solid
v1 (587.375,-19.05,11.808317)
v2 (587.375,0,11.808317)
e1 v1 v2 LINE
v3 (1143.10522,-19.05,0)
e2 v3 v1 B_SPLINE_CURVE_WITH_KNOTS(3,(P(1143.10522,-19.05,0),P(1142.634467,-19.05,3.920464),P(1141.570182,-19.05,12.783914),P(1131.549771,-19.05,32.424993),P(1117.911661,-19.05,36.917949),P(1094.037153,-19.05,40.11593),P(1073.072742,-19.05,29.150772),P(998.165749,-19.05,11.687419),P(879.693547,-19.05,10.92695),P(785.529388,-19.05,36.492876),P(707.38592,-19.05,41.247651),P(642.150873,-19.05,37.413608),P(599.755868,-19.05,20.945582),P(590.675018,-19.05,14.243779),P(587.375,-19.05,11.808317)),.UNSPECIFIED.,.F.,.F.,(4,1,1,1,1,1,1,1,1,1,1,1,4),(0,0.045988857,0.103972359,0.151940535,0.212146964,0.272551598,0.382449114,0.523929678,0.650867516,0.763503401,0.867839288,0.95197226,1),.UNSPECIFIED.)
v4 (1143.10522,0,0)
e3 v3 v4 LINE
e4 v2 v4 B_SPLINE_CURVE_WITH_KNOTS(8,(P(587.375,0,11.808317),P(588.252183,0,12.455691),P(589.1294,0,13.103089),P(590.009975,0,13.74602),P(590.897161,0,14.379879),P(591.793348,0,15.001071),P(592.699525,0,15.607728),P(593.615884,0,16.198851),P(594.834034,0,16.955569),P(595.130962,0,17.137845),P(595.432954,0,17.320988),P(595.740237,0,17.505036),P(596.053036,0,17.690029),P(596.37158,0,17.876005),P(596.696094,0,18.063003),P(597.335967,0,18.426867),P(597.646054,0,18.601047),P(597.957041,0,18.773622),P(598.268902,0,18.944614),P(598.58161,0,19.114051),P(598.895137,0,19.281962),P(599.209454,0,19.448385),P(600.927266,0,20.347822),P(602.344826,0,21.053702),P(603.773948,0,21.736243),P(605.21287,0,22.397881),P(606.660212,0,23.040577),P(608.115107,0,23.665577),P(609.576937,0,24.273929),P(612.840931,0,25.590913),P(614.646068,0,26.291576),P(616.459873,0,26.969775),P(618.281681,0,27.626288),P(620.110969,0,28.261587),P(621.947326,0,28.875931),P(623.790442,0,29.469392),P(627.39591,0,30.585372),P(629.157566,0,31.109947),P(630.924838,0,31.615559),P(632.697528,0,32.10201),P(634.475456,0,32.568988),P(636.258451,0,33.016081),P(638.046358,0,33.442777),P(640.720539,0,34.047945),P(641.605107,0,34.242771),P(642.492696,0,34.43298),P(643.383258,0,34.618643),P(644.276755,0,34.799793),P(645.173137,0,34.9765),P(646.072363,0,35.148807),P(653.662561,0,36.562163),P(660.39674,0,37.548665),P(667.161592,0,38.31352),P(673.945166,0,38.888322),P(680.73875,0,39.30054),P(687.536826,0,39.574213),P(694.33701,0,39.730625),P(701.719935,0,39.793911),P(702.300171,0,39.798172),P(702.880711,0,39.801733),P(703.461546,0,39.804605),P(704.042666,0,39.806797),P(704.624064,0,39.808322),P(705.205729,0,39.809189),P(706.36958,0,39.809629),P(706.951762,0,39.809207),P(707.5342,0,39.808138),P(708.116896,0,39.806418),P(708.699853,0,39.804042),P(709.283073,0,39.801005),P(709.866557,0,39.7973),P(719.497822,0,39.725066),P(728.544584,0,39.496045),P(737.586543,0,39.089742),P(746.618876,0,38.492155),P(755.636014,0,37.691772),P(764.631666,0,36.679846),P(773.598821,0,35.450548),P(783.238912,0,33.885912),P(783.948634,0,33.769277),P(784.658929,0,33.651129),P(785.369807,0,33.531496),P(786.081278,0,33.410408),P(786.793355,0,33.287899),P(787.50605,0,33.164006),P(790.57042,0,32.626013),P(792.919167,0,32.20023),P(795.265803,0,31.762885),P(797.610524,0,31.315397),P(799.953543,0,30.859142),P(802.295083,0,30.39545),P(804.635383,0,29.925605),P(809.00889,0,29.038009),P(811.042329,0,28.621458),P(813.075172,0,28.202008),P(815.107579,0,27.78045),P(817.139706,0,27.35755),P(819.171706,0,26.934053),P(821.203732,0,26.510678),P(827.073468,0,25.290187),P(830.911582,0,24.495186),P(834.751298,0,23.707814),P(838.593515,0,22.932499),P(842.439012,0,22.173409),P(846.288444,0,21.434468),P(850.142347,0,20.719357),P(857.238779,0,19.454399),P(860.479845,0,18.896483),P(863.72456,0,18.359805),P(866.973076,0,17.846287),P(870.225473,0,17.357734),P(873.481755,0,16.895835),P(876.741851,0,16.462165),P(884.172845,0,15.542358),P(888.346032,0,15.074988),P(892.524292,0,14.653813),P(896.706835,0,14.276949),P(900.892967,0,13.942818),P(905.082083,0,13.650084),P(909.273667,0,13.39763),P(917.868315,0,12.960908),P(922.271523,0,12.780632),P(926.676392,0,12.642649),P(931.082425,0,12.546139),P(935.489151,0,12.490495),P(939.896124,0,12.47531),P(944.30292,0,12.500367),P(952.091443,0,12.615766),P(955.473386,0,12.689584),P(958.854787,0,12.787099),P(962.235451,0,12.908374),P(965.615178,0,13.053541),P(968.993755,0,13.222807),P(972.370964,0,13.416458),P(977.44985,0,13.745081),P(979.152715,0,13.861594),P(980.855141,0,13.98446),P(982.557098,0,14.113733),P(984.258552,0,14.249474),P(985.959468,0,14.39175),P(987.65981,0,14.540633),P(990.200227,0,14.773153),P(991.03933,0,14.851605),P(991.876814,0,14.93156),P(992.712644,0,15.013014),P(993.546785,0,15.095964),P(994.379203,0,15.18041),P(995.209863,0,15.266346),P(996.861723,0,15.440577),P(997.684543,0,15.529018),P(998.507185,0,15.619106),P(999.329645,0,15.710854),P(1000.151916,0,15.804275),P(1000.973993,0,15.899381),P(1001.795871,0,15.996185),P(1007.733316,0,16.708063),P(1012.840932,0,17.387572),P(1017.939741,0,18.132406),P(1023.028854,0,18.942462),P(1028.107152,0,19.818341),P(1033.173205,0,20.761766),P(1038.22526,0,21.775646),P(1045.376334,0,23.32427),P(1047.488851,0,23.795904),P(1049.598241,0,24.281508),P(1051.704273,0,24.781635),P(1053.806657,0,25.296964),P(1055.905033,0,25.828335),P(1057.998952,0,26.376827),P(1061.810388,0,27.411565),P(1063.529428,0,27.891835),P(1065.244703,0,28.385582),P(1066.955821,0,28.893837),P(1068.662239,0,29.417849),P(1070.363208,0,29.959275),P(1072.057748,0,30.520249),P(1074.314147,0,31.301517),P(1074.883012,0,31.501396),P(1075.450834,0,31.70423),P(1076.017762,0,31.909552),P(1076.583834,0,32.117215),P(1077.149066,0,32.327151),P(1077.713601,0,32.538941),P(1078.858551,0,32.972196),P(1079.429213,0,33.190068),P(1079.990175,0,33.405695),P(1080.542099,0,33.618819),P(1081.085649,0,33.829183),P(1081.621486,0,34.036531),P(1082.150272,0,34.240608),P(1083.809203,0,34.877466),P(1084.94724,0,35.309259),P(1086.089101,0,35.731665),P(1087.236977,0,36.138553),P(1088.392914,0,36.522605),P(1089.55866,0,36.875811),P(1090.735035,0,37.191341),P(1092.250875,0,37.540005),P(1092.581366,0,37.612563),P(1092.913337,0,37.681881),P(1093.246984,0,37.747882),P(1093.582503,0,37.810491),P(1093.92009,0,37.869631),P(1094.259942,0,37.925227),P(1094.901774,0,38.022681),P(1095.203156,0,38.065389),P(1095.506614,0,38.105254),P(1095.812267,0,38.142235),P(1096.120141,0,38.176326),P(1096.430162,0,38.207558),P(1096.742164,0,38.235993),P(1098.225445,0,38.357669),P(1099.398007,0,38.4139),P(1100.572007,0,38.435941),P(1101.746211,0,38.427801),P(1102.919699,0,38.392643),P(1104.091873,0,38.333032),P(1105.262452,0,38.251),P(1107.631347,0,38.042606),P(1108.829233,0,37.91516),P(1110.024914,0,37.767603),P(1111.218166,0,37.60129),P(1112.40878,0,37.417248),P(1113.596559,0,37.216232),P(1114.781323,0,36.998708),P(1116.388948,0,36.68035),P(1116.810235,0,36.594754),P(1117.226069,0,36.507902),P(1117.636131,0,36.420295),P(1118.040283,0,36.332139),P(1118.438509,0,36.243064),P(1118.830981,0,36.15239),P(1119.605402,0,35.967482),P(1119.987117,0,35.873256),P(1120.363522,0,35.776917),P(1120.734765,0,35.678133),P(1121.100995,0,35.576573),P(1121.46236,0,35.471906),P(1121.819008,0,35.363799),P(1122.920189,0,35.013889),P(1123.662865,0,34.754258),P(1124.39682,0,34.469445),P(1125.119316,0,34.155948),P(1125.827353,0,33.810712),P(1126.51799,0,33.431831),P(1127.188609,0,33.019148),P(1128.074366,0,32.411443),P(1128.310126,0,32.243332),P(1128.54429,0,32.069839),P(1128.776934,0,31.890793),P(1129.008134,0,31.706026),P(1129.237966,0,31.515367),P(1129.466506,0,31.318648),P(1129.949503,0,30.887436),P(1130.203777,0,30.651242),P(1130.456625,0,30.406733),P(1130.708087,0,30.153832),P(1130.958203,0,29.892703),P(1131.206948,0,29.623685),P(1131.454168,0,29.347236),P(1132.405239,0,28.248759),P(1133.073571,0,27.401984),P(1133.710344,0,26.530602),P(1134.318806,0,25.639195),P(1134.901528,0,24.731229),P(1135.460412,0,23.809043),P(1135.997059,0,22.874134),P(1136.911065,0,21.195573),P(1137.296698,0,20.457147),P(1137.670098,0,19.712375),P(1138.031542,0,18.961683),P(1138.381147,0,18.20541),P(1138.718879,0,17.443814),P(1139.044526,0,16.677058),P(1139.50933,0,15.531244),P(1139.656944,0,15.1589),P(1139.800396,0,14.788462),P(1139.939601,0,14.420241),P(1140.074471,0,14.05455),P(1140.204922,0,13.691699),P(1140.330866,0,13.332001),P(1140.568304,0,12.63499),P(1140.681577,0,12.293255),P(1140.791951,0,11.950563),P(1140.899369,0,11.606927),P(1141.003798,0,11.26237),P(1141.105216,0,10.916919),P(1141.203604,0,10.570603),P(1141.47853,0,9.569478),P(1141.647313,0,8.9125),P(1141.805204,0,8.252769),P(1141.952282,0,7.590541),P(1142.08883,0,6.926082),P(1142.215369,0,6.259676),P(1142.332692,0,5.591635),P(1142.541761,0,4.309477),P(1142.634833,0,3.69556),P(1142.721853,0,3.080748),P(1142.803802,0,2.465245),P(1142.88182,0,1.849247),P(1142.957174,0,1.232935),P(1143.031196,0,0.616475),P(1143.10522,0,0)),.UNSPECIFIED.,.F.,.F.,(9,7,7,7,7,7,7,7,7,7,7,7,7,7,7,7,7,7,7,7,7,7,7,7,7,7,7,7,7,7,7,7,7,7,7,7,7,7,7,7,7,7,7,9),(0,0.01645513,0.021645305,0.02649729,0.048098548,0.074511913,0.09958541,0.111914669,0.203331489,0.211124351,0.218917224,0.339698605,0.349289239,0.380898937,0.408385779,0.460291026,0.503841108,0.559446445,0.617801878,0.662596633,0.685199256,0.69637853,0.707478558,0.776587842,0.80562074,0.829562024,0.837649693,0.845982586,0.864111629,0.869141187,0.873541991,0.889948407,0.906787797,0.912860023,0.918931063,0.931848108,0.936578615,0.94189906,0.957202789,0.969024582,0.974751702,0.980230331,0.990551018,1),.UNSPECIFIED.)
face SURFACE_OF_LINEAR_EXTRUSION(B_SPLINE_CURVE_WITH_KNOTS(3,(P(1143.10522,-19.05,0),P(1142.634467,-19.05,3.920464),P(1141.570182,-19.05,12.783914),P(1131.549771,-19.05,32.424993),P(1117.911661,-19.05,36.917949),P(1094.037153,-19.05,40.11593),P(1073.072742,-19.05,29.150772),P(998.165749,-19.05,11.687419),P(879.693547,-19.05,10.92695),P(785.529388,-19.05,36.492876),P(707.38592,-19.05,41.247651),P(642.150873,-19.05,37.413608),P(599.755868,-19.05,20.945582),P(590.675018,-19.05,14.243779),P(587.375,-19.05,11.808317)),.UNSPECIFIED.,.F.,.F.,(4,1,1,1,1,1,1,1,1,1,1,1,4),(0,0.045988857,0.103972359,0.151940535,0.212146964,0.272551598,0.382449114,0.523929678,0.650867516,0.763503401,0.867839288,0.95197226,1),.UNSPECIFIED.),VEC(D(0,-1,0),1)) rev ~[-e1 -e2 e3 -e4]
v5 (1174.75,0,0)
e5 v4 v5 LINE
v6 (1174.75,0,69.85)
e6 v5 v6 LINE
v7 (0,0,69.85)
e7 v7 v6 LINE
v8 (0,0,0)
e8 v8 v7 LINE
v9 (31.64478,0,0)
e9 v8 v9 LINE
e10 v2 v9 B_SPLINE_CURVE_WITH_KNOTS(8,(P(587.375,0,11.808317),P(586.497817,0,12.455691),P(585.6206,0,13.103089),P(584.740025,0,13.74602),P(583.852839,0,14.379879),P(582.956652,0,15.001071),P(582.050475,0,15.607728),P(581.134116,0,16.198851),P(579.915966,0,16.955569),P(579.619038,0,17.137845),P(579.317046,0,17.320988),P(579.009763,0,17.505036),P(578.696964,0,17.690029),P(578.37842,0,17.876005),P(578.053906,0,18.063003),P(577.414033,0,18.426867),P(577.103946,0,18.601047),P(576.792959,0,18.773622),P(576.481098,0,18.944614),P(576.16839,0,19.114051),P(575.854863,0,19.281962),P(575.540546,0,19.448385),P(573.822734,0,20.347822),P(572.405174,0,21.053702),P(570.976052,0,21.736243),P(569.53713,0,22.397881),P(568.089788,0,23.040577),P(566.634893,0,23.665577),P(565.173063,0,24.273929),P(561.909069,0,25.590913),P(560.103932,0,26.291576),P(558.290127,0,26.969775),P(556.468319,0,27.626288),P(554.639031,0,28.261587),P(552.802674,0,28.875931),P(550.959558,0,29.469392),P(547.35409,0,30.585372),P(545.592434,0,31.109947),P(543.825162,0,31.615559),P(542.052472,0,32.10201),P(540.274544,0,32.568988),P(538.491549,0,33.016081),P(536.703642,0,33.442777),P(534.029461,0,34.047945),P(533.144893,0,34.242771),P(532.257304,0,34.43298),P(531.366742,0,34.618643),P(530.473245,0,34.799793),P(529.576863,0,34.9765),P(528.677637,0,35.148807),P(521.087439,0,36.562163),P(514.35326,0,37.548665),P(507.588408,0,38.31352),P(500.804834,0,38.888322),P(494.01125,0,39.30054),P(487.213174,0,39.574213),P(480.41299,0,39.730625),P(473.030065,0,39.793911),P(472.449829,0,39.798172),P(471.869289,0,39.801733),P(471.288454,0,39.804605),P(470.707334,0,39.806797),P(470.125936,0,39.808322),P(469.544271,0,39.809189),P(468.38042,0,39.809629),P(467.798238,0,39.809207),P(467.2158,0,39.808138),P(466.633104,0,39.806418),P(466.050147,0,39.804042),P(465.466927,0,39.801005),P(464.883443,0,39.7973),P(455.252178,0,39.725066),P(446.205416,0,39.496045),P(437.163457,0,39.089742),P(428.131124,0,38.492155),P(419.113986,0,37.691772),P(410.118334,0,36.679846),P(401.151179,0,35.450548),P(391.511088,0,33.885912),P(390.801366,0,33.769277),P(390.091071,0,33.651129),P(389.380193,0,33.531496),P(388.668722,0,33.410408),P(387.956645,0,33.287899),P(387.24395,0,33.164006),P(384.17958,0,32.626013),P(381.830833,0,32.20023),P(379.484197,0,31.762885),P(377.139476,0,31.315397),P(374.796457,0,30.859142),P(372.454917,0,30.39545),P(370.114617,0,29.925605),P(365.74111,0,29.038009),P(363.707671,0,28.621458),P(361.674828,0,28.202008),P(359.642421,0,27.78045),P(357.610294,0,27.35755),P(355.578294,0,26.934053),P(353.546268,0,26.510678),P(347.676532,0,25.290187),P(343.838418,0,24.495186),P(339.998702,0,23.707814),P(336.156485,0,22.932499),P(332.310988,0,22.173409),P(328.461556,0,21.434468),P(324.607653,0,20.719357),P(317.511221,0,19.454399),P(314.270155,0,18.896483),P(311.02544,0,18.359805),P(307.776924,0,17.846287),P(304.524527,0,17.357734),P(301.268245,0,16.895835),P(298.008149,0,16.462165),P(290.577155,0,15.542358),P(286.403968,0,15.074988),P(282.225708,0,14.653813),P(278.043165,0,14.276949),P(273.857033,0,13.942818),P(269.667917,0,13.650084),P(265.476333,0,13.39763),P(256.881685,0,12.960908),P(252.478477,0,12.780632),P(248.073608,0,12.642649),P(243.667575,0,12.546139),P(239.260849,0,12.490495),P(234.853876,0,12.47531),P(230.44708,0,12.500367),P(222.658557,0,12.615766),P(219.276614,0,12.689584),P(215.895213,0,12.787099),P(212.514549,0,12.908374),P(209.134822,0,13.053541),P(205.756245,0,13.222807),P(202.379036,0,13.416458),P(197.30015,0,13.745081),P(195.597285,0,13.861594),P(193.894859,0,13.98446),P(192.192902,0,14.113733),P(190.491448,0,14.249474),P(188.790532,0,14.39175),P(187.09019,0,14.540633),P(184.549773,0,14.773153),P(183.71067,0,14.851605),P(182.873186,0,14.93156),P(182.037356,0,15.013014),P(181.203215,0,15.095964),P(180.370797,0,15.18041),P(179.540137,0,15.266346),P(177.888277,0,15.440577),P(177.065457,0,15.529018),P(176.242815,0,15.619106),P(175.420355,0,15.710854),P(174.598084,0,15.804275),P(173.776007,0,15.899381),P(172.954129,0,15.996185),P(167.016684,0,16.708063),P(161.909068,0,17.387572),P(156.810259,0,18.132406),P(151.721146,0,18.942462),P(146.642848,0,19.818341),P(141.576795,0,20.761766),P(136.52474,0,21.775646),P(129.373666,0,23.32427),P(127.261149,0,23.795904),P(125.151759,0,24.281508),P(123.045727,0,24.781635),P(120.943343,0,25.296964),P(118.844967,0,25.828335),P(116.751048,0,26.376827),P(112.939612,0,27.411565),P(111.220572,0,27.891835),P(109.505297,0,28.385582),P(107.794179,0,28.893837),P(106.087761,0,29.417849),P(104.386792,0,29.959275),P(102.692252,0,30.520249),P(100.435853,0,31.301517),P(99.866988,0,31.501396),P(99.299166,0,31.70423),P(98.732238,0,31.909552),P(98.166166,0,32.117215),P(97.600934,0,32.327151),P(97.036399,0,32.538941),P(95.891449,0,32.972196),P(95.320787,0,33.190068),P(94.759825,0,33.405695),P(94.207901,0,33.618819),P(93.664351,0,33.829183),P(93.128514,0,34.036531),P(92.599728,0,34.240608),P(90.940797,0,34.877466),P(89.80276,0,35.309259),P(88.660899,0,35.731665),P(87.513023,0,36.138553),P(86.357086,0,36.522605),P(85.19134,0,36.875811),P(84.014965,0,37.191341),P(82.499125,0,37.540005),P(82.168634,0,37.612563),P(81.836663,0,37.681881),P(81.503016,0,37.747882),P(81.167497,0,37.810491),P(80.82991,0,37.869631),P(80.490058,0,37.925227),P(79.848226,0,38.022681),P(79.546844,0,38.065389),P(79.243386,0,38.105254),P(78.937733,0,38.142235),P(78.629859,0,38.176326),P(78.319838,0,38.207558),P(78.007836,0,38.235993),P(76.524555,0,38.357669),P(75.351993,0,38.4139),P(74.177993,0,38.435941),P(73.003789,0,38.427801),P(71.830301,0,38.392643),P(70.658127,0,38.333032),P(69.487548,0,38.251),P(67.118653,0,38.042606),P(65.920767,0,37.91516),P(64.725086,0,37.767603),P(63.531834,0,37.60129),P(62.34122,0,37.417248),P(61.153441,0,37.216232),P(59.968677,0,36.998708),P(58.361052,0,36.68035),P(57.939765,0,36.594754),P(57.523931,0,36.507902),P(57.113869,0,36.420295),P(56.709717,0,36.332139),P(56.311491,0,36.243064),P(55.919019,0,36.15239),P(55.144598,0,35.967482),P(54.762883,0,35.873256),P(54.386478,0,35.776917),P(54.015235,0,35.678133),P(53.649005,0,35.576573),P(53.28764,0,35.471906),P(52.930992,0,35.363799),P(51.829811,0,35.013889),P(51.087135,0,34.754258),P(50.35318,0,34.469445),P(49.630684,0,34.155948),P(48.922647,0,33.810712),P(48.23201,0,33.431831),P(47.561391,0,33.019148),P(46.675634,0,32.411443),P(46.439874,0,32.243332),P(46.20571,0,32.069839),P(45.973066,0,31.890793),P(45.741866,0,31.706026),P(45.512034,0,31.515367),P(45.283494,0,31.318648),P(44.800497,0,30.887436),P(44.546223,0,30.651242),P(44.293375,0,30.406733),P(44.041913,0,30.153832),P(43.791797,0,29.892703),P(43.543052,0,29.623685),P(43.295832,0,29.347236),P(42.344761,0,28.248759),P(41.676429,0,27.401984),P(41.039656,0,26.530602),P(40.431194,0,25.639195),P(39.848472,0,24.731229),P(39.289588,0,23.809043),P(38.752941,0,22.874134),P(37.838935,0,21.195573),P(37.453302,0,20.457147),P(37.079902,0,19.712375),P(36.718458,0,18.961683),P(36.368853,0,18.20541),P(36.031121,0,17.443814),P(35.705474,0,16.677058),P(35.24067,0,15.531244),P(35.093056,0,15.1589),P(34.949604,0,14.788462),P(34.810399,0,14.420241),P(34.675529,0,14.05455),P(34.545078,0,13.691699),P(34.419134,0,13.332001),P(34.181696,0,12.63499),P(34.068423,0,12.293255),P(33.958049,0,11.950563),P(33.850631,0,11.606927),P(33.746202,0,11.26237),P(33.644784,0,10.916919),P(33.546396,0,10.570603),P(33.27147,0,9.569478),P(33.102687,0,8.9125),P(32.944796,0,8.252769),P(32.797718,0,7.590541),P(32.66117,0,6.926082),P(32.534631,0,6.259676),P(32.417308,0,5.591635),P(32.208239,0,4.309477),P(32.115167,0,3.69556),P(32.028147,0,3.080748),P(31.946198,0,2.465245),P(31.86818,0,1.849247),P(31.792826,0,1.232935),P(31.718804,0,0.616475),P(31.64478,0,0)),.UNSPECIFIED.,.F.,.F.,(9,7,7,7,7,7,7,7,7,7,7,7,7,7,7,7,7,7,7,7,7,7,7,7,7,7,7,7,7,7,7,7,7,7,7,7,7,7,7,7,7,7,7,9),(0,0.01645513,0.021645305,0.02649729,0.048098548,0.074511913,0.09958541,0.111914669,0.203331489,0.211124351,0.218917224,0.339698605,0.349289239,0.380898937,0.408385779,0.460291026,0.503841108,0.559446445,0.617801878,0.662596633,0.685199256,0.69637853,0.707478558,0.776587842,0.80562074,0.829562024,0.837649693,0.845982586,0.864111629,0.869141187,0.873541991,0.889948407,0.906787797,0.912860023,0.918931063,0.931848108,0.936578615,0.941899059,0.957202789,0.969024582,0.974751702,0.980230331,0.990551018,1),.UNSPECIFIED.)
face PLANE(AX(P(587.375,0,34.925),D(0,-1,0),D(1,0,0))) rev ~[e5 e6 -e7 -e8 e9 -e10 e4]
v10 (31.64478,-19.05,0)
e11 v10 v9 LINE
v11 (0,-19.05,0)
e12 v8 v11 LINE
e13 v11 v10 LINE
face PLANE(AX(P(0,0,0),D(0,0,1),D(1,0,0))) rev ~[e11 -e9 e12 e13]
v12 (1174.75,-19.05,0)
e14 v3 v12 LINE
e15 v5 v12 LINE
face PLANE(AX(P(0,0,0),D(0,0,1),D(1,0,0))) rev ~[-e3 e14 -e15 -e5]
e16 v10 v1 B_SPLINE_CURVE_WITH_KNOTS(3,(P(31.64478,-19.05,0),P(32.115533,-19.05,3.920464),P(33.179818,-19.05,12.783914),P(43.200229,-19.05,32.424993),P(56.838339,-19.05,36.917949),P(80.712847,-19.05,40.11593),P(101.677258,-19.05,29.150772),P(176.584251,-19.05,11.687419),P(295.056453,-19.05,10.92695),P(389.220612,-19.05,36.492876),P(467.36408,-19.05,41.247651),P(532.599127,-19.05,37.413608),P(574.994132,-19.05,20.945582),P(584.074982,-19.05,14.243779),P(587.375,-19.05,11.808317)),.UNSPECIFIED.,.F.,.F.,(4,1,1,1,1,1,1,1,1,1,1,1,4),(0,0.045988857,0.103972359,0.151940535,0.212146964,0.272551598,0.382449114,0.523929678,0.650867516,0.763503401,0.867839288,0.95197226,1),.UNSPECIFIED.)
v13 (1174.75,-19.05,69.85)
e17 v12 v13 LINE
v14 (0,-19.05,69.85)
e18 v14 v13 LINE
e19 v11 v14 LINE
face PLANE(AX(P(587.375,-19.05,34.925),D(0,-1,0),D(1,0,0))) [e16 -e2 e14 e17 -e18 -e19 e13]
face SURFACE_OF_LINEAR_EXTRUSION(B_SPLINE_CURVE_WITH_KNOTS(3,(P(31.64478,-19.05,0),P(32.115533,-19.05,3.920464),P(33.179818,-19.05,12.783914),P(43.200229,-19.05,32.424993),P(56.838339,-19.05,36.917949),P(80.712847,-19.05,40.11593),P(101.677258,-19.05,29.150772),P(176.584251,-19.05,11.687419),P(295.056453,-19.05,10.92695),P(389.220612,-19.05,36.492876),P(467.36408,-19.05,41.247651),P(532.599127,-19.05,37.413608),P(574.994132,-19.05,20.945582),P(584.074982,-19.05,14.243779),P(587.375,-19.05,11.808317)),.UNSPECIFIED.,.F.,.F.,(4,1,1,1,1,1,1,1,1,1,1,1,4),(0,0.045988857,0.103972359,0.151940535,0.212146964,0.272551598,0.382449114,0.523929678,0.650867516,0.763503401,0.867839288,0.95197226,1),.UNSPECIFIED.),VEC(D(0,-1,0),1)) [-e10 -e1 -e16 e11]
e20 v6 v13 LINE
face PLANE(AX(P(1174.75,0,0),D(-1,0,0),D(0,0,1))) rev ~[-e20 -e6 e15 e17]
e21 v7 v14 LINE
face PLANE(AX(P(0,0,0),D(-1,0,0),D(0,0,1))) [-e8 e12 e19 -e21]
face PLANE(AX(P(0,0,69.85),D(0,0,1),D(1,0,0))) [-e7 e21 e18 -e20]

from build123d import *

# Parameters (mm, degrees)
F0_W     = 1174.75
F0_H     = 69.85
F1_DEPTH = 19.05
F3_DEPTH = 25.4


with BuildPart() as f1:
    # F0 (on Front) → F1 (new body)
    with BuildSketch(Plane.XZ):
        with Locations((587.375, 34.925)):
            Rectangle(F0_W, F0_H)
    extrude(amount=F1_DEPTH)

    # F2 (on face) → F3 (cut)
    with BuildSketch(Plane.XZ.offset(19.05)):
        with BuildLine():
            add(Edge.make_bspline(
                [(1143.1052198112, 0), (1142.6344672699, 3.9204642248), (1141.5701822383, 12.7839137561), (1131.5497711334, 32.424993295), (1117.9116613756, 36.917948916), (1094.0371525692, 40.115930089), (1073.0727419519, 29.1507722696), (998.1657491496, 11.6874187561), (879.6935465305, 10.9269498222), (785.5293878536, 36.4928763537), (707.3859198902, 41.2476510702), (642.1508729508, 37.4136075473), (599.7558680918, 20.9455816882), (590.675017858, 14.243779346), (587.375, 11.8083171546)],
                knots=[0, 0, 0, 0, 0.0459888569, 0.1039723585, 0.1519405354, 0.2121469643, 0.2725515983, 0.382449114, 0.5239296782, 0.6508675158, 0.7635034009, 0.8678392877, 0.9519722603, 1, 1, 1, 1], degree=3))
            Line((587.375, 11.8083171546), (587.375, 0))
            Line((587.375, 0), (1143.1052198112, 0))
        make_face()
        with BuildLine():
            Line((587.375, 0), (587.375, 11.8083171546))
            add(Edge.make_bspline(
                [(31.6447801888, 0), (32.1155327301, 3.9204642248), (33.1798177617, 12.7839137561), (43.2002288666, 32.424993295), (56.8383386244, 36.917948916), (80.7128474308, 40.115930089), (101.6772580481, 29.1507722696), (176.5842508504, 11.6874187561), (295.0564534695, 10.9269498222), (389.2206121464, 36.4928763537), (467.3640801098, 41.2476510702), (532.5991270492, 37.4136075473), (574.9941319082, 20.9455816882), (584.074982142, 14.243779346), (587.375, 11.8083171546)],
                knots=[0, 0, 0, 0, 0.0459888569, 0.1039723585, 0.1519405354, 0.2121469643, 0.2725515983, 0.382449114, 0.5239296782, 0.6508675158, 0.7635034009, 0.8678392877, 0.9519722603, 1, 1, 1, 1], degree=3))
            Line((31.6447801888, 0), (587.375, 0))
        make_face()
    extrude(amount=-F3_DEPTH, mode=Mode.SUBTRACT)


solid = f1.part
